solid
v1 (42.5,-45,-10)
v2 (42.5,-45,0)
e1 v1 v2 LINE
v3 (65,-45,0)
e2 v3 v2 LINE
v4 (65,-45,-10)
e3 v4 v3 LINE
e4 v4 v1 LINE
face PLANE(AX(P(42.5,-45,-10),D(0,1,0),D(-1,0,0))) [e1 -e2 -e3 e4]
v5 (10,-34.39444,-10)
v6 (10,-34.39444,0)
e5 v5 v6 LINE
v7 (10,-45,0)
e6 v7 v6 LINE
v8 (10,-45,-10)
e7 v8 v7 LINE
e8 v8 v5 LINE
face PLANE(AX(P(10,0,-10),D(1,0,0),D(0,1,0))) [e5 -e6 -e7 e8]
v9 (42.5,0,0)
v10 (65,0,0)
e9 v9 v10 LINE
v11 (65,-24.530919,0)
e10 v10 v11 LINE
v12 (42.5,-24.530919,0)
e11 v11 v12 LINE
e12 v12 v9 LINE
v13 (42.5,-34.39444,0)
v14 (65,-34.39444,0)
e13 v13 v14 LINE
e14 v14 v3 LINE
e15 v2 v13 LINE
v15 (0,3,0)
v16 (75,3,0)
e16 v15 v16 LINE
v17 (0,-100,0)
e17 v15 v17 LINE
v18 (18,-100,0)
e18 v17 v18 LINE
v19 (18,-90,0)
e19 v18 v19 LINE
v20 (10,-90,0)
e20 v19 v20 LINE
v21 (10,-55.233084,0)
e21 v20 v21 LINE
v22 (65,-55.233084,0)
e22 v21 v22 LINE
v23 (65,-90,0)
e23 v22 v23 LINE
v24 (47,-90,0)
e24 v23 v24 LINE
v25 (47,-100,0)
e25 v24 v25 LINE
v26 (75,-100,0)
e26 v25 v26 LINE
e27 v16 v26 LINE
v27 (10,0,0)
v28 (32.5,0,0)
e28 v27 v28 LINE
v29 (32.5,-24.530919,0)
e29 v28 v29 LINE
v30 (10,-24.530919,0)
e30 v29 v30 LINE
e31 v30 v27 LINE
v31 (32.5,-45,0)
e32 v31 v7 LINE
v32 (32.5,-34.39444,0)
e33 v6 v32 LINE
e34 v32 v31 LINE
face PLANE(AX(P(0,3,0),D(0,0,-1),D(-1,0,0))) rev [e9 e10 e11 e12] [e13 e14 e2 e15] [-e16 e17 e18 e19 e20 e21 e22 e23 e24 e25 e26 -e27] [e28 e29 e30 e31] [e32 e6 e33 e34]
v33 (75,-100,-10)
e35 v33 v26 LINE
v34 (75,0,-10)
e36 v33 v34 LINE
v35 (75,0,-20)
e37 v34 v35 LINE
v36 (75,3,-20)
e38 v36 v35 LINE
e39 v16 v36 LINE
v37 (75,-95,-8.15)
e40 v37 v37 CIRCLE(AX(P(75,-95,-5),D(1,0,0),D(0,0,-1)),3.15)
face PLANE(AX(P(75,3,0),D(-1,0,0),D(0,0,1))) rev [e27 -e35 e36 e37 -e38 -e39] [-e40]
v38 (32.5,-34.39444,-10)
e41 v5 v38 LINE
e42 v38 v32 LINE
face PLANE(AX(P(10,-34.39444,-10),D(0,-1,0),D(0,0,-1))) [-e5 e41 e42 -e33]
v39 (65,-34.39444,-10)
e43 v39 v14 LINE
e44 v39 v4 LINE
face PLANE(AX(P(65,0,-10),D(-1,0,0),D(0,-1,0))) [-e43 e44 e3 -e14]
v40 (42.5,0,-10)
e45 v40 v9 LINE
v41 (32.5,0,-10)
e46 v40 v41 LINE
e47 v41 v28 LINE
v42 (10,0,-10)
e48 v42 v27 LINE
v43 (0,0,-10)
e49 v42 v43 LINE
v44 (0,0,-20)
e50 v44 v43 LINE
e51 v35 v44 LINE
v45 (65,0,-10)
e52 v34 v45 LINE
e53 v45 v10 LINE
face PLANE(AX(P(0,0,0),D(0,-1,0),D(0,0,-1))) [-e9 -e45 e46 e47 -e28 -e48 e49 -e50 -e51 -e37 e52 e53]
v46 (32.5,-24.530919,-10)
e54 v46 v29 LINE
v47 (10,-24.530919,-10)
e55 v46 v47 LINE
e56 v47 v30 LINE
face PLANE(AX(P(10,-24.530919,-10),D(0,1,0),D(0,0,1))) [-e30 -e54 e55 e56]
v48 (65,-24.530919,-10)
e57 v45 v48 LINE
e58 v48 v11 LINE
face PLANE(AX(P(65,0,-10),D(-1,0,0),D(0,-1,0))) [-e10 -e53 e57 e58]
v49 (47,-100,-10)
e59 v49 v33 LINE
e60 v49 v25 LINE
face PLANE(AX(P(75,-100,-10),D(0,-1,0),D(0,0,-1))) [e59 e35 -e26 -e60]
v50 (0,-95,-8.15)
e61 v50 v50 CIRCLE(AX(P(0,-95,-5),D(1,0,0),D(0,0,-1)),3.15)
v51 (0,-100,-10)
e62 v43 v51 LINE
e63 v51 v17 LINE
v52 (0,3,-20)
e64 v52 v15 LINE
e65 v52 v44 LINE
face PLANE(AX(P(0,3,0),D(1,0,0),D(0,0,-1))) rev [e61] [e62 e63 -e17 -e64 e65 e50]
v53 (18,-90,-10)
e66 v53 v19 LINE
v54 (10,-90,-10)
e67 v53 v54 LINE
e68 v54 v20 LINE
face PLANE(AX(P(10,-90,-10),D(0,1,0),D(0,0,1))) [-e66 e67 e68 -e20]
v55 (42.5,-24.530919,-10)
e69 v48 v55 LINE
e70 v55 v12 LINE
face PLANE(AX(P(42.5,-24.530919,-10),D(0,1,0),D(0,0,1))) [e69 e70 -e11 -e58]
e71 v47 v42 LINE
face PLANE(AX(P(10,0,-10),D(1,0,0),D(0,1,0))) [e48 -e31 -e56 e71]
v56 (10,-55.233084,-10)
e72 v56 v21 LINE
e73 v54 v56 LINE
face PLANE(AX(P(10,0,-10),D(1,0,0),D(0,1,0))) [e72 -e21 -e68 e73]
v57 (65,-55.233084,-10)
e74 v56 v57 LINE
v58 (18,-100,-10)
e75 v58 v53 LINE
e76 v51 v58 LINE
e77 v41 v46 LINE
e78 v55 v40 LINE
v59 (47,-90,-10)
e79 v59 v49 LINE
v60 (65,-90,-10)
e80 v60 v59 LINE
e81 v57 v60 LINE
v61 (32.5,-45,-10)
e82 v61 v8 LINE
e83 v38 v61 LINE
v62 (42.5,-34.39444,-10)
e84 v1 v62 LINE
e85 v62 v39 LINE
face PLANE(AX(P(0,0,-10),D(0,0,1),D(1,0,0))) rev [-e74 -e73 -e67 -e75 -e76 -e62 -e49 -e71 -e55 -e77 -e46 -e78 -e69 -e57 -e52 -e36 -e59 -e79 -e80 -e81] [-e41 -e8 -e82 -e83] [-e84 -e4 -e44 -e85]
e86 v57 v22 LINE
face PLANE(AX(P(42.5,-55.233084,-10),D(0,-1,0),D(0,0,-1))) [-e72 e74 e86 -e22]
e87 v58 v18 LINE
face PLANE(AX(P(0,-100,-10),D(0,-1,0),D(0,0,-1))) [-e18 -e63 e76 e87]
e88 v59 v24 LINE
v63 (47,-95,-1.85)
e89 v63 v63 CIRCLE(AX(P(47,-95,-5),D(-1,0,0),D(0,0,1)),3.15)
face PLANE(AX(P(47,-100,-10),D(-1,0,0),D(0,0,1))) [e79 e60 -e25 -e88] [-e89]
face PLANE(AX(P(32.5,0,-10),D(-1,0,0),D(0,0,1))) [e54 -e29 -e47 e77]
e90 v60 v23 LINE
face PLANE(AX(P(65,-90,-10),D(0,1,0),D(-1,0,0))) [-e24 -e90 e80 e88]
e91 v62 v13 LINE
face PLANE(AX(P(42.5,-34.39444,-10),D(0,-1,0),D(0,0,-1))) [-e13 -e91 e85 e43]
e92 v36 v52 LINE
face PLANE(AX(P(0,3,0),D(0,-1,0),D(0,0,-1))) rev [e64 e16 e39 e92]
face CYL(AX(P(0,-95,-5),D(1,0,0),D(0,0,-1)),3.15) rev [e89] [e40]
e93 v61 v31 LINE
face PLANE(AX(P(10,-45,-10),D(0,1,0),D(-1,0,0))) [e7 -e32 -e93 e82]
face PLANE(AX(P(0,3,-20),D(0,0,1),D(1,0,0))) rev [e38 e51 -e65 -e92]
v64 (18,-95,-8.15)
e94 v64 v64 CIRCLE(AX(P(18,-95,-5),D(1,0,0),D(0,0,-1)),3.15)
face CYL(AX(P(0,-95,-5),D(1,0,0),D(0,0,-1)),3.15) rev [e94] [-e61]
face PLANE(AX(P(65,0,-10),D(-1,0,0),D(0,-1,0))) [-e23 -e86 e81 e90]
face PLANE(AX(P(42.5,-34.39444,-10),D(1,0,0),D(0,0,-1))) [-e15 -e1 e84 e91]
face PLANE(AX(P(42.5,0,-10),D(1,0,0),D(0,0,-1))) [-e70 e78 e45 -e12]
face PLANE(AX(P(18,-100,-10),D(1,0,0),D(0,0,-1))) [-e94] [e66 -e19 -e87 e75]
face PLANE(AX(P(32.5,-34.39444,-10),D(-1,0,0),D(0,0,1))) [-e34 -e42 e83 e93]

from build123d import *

# Parameters (mm, degrees)
SKETCH1_W               = 75
SKETCH1_H               = 20
BOSS_EXTRUDE1_DEPTH     = 3
SKETCH2_W               = 10
SKETCH2_H               = 100
BOSS_EXTRUDE2_DEPTH     = 10
SKETCH5_W               = 8
SKETCH5_H               = 10
SKETCH5_W_2             = 18
BOSS_EXTRUDE3_DEPTH     = 10
CUT_EXTRUDE1_DEPTH      = 117.828934772
CUT_EXTRUDE1_DEPTH_BACK = 117.828934772
SKETCH7_R               = 3.15
BOSS_EXTRUDE5_DEPTH     = 10


with BuildPart() as part:
    # Sketch1 → Boss-Extrude1 (new body)
    with BuildSketch(Plane(origin=(0, 0, 0), x_dir=(1, 0, 0), z_dir=(0, 1, 0))):
        with Locations((37.5, 10)):
            Rectangle(SKETCH1_W, SKETCH1_H)
    extrude(amount=BOSS_EXTRUDE1_DEPTH)

    # Sketch2 → Boss-Extrude2 (add)
    with BuildSketch(Plane.XY):
        with Locations((5, -50)):
            Rectangle(SKETCH2_W, SKETCH2_H)
        with Locations((70, -50)):
            Rectangle(SKETCH2_W, SKETCH2_H)
    extrude(amount=-BOSS_EXTRUDE2_DEPTH)

    # Sketch5 → Boss-Extrude3 (add)
    with BuildSketch(Plane.XY):
        with Locations((14, -95)):
            Rectangle(SKETCH5_W, SKETCH5_H)
        with Locations((56, -95)):
            Rectangle(SKETCH5_W_2, SKETCH5_H)
    extrude(amount=-BOSS_EXTRUDE3_DEPTH)

    # Sketch7 → Cut-Extrude1 (cut, two sides: drawn at the far end of the back side and taken through both)
    with BuildSketch(Plane(origin=(18, 0, 0), x_dir=(0, 0, -1), z_dir=(1, 0, 0)).offset(-CUT_EXTRUDE1_DEPTH_BACK)):
        with Locations((5, -95)):
            Circle(SKETCH7_R)
    extrude(amount=CUT_EXTRUDE1_DEPTH + CUT_EXTRUDE1_DEPTH_BACK, mode=Mode.SUBTRACT)

    # Sketch13 → Boss-Extrude5 (add)
    with BuildSketch(Plane.XY):
        Polygon((10, -24.530919021), (32.5, -24.530919021), (32.5, 0), (42.5, 0), (42.5, -24.530919021), (65, -24.530919021), (65, -34.394439552), (42.5, -34.394439552), (42.5, -45), (65, -45), (65, -55.233083722), (42.5, -55.233083722), (32.5, -55.233083722), (10, -55.233083722), (10, -45), (32.5, -45), (32.5, -34.394439552), (10, -34.394439552), align=None)
    extrude(amount=-BOSS_EXTRUDE5_DEPTH)


solid = part.part
